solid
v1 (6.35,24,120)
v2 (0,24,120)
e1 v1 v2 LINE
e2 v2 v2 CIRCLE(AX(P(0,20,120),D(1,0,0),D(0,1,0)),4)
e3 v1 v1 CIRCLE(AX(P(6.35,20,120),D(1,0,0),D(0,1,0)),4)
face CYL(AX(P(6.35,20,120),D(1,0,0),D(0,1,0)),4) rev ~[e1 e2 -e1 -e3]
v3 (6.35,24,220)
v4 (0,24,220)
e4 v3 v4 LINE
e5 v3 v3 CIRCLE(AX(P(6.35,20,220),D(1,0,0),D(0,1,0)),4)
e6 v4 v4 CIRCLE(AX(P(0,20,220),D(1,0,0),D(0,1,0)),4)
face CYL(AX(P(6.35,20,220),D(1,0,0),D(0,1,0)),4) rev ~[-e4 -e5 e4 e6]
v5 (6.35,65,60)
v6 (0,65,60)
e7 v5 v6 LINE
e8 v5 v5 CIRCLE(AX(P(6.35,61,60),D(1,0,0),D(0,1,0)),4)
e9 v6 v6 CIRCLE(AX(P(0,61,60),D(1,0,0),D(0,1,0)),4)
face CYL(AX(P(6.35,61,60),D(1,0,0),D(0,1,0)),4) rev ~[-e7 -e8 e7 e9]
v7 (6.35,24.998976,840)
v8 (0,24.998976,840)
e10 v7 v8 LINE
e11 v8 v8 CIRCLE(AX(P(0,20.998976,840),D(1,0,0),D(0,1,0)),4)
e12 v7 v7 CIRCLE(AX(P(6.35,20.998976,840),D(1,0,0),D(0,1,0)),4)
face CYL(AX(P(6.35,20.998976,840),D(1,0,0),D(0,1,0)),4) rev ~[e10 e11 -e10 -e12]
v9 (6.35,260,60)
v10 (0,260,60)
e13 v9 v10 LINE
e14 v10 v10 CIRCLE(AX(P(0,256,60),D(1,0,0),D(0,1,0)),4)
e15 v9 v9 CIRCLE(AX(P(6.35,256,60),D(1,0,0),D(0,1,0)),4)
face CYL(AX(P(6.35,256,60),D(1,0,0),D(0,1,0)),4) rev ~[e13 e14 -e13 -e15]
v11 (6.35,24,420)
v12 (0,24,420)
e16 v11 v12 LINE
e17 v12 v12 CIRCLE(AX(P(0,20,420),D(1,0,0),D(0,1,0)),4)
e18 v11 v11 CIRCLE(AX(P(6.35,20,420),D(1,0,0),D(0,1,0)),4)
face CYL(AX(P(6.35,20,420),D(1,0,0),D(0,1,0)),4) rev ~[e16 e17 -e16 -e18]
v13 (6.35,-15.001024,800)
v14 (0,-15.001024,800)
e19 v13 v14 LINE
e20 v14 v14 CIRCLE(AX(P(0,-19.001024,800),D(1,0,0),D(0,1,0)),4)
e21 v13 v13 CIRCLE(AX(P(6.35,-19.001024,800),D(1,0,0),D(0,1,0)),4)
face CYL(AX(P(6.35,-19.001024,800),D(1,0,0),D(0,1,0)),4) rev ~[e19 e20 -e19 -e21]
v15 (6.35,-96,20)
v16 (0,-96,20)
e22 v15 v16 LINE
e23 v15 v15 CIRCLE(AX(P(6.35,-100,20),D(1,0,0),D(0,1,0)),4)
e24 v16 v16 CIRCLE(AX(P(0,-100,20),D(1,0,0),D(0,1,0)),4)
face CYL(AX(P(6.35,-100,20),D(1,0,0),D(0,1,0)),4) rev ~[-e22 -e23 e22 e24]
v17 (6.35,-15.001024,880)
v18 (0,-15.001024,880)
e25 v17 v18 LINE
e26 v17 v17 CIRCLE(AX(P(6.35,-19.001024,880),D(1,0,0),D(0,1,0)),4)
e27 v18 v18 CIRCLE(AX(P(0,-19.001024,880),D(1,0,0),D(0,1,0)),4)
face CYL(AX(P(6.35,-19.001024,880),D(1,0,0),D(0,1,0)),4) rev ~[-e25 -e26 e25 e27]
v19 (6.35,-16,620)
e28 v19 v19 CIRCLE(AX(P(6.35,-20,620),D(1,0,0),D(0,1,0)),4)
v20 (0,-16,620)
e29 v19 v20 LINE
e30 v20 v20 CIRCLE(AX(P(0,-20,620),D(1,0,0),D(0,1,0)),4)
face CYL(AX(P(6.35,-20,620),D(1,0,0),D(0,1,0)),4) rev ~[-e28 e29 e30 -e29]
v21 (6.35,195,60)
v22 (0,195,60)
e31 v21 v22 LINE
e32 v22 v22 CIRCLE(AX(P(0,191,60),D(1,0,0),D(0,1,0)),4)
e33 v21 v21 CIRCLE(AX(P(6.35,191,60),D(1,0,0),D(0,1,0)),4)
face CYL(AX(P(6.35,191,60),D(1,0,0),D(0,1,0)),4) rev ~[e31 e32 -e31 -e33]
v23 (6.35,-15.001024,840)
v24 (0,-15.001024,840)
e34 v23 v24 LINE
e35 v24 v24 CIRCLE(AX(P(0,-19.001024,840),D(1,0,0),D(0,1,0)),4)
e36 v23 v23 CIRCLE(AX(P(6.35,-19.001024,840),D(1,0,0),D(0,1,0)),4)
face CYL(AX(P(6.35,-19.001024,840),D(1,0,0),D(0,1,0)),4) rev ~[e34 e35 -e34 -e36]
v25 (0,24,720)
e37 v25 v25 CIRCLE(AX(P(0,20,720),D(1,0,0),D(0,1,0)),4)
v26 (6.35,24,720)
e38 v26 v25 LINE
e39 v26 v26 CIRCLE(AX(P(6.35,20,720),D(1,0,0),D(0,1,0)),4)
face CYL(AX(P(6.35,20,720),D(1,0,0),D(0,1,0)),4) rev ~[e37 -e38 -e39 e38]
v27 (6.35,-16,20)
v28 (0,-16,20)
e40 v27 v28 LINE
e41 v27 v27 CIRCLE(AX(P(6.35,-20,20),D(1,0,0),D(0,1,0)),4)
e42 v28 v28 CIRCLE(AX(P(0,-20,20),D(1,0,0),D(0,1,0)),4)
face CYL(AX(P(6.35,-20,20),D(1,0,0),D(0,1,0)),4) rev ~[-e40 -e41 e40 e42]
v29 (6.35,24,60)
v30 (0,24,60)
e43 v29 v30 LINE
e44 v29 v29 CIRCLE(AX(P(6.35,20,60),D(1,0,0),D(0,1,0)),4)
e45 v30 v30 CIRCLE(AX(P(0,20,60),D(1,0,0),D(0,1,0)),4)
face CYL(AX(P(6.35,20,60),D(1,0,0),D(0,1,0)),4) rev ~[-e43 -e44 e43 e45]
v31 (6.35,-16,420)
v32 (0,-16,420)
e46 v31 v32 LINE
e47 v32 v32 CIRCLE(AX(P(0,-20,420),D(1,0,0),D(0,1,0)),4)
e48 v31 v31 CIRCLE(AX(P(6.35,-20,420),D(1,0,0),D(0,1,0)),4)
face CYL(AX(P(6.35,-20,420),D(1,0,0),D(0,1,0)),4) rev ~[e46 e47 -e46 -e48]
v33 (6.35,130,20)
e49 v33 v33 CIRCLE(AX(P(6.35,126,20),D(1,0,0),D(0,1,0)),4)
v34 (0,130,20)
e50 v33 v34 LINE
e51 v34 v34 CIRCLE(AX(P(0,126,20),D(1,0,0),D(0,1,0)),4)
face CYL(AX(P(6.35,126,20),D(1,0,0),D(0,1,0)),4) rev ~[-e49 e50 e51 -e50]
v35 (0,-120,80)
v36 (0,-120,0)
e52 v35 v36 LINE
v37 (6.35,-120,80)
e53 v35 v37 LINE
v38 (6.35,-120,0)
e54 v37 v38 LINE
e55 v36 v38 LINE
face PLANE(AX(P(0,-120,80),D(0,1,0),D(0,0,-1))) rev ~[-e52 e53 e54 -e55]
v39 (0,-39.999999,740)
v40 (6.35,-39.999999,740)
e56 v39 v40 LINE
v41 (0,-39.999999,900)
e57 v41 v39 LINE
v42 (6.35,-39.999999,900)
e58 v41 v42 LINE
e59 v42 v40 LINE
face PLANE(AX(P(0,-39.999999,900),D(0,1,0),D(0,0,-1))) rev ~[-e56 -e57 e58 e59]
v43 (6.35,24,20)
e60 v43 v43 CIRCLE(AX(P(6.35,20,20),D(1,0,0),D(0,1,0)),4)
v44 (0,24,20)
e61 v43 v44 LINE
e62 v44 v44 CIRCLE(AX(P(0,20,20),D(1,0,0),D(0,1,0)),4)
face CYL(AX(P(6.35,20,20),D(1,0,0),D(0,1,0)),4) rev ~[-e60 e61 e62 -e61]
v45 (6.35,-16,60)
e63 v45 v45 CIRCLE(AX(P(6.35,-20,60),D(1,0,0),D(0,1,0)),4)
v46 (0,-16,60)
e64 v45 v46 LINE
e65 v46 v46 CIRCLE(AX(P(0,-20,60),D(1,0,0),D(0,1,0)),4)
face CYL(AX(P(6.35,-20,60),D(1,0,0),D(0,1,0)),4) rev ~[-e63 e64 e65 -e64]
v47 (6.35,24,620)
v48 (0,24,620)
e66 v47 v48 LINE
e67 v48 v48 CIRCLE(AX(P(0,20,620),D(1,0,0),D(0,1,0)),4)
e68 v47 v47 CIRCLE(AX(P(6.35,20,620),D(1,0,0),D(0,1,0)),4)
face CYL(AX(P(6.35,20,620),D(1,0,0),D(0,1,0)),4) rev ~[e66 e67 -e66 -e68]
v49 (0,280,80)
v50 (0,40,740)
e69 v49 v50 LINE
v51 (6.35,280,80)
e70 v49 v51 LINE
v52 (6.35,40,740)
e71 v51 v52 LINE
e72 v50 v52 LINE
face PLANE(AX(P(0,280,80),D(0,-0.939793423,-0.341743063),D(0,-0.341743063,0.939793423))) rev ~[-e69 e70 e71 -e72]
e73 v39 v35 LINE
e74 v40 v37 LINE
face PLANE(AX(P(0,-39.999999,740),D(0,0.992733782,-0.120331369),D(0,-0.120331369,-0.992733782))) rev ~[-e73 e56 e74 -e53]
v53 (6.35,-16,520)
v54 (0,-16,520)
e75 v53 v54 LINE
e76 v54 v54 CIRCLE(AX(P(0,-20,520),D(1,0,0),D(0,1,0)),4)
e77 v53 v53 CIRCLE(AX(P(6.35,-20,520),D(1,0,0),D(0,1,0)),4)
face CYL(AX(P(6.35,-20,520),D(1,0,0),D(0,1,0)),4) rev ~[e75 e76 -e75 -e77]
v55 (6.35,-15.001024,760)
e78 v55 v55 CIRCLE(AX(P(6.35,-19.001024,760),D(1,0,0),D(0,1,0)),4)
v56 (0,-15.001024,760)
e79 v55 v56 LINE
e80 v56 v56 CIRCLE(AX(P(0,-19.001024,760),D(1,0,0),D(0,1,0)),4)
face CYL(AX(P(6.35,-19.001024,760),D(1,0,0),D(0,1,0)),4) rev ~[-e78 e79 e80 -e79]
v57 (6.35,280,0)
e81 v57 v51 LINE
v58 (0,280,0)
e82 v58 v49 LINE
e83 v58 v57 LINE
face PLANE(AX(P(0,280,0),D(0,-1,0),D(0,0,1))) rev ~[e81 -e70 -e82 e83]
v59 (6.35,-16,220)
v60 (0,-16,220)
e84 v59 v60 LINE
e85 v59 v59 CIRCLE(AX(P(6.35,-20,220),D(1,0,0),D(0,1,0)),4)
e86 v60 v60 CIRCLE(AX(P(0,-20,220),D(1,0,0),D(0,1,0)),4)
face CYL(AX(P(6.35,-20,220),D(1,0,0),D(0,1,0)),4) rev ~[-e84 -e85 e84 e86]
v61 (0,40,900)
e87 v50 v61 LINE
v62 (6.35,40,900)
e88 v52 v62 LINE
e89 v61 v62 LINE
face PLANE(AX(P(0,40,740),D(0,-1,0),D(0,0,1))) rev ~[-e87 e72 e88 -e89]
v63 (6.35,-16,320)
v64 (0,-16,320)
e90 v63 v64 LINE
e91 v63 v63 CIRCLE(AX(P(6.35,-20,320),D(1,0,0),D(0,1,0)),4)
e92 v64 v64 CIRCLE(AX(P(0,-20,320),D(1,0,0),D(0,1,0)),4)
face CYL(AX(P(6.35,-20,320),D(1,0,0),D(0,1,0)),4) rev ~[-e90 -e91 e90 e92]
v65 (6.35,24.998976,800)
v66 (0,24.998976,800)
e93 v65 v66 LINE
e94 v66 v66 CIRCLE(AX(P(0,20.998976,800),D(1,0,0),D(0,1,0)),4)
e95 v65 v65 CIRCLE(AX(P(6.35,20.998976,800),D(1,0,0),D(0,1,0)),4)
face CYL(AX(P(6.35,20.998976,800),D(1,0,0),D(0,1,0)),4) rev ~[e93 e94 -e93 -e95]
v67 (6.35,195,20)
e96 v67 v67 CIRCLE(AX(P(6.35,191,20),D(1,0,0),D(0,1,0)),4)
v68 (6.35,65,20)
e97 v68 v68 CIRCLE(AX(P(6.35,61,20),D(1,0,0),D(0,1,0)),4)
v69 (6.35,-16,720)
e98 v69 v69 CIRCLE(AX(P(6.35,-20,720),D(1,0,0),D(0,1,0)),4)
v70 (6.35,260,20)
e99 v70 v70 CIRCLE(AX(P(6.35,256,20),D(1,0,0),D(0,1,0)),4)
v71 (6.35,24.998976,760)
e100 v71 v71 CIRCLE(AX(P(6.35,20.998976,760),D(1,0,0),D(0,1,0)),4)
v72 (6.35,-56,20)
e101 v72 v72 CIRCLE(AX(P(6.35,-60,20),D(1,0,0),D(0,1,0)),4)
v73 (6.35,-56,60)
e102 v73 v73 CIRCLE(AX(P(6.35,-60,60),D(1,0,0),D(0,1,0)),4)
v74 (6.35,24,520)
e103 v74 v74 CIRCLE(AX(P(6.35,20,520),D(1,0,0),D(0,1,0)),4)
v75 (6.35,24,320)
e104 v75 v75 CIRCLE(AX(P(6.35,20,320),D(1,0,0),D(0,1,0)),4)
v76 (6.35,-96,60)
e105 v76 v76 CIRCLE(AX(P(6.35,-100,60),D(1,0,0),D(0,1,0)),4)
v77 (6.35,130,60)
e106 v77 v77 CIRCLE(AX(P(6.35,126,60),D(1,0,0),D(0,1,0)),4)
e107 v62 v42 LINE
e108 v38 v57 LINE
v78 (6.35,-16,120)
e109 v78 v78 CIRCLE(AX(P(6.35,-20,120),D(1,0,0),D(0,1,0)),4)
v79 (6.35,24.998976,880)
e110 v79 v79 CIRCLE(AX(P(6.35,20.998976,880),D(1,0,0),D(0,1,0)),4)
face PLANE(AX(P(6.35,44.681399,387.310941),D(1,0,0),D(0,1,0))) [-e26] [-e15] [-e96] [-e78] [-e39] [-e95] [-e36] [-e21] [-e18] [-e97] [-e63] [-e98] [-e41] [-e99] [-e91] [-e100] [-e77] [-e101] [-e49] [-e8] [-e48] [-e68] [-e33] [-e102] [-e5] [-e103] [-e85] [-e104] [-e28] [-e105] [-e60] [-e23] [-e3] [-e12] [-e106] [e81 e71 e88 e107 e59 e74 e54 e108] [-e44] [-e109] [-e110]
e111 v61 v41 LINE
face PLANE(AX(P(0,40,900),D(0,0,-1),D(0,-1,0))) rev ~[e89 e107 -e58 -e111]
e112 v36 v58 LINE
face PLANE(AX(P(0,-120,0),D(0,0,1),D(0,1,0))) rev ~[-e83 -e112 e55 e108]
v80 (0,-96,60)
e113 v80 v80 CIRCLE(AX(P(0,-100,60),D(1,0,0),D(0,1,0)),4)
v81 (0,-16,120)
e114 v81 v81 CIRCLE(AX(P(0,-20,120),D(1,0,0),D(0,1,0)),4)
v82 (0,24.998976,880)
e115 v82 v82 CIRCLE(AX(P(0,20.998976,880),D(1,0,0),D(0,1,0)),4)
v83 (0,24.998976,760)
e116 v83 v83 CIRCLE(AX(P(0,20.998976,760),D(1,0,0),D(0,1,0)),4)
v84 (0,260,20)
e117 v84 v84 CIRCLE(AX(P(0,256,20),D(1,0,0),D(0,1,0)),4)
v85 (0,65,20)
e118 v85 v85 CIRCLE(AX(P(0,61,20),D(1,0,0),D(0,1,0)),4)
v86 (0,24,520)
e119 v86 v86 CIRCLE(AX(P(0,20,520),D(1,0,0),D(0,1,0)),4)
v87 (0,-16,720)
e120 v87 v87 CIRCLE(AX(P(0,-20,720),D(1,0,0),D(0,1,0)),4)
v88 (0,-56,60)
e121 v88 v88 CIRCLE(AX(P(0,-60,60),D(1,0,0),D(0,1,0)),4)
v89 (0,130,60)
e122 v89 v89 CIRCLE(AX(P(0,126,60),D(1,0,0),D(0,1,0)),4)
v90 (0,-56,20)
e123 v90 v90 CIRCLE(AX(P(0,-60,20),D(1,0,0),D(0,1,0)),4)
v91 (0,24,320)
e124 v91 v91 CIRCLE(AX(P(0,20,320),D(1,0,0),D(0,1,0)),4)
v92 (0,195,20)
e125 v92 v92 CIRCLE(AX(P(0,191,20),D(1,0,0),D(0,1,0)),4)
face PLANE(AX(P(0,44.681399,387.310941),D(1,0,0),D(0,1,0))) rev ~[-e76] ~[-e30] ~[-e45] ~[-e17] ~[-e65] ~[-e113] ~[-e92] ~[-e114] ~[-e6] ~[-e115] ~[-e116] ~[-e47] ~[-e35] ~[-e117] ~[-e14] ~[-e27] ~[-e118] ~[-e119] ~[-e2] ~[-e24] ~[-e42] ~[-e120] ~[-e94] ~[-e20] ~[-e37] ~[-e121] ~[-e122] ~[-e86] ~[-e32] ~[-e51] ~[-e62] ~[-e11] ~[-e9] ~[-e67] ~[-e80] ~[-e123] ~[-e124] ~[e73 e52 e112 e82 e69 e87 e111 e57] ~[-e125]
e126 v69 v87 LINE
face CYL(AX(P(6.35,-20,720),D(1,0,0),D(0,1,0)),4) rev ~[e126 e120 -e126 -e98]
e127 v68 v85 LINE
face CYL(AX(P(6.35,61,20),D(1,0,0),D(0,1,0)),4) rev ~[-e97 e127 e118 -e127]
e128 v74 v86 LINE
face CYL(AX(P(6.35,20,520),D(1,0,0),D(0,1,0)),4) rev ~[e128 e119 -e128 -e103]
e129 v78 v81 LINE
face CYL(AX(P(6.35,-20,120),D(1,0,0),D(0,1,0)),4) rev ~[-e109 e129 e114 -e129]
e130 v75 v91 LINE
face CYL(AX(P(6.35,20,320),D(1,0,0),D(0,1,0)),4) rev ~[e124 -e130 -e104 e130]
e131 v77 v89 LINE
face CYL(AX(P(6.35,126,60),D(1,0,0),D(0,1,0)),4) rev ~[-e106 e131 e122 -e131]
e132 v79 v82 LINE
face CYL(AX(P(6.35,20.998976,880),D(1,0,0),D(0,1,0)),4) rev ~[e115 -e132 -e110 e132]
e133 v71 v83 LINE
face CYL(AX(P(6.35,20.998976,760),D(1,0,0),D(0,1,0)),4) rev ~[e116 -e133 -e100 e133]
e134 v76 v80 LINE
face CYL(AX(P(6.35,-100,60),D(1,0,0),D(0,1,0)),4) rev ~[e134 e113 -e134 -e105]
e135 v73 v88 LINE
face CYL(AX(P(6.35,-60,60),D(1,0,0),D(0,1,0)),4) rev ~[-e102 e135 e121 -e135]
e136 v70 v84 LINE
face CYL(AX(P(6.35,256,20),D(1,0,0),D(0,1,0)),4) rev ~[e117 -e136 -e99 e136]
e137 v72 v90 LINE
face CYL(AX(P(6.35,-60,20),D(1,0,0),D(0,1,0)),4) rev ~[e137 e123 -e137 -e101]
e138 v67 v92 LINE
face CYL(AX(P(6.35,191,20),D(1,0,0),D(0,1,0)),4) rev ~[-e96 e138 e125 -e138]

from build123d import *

# Parameters (mm, degrees)
F1_DEPTH = 6.35
F2_R     = 4
F3_DEPTH = 6.351


with BuildPart() as f1:
    # F0 (on Right) → F1 (new body)
    with BuildSketch(Plane.YZ):
        Polygon((-120, 0), (0, 0), (280, 0), (280, 80), (40, 740), (40, 900), (-39.999999, 900), (-39.999999, 740), (-120, 80), align=None)
    extrude(amount=F1_DEPTH)

    # F2 (on face) → F3 (cut, through all)
    with BuildSketch(Plane.YZ.offset(6.35)):
        with Locations((-19.001024, 880)):
            Circle(F2_R)
        with Locations((-19.001024, 800)):
            Circle(F2_R)
        with Locations((-19.001024, 840)):
            Circle(F2_R)
        with Locations((-19.001024, 760)):
            Circle(F2_R)
        with Locations((20.998976, 880)):
            Circle(F2_R)
        with Locations((20.998976, 800)):
            Circle(F2_R)
        with Locations((20.998976, 840)):
            Circle(F2_R)
        with Locations((20.998976, 760)):
            Circle(F2_R)
        with Locations((-100, 20)):
            Circle(F2_R)
        with Locations((-100, 60)):
            Circle(F2_R)
        with Locations((-60, 20)):
            Circle(F2_R)
        with Locations((-60, 60)):
            Circle(F2_R)
        with Locations((256, 20)):
            Circle(F2_R)
        with Locations((256, 60)):
            Circle(F2_R)
        with Locations((191, 20)):
            Circle(F2_R)
        with Locations((191, 60)):
            Circle(F2_R)
        with Locations((126, 20)):
            Circle(F2_R)
        with Locations((126, 60)):
            Circle(F2_R)
        with Locations((61, 20)):
            Circle(F2_R)
        with Locations((61, 60)):
            Circle(F2_R)
        with Locations((20, 20)):
            Circle(F2_R)
        with Locations((20, 120)):
            Circle(F2_R)
        with Locations((20, 220)):
            Circle(F2_R)
        with Locations((20, 320)):
            Circle(F2_R)
        with Locations((20, 420)):
            Circle(F2_R)
        with Locations((20, 520)):
            Circle(F2_R)
        with Locations((20, 620)):
            Circle(F2_R)
        with Locations((20, 720)):
            Circle(F2_R)
        with Locations((-20, 20)):
            Circle(F2_R)
        with Locations((-20, 120)):
            Circle(F2_R)
        with Locations((-20, 220)):
            Circle(F2_R)
        with Locations((-20, 320)):
            Circle(F2_R)
        with Locations((-20, 420)):
            Circle(F2_R)
        with Locations((-20, 520)):
            Circle(F2_R)
        with Locations((-20, 620)):
            Circle(F2_R)
        with Locations((-20, 720)):
            Circle(F2_R)
        with Locations((20, 60)):
            Circle(F2_R)
        with Locations((-20, 60)):
            Circle(F2_R)
    extrude(amount=-F3_DEPTH, mode=Mode.SUBTRACT)


solid = f1.part
